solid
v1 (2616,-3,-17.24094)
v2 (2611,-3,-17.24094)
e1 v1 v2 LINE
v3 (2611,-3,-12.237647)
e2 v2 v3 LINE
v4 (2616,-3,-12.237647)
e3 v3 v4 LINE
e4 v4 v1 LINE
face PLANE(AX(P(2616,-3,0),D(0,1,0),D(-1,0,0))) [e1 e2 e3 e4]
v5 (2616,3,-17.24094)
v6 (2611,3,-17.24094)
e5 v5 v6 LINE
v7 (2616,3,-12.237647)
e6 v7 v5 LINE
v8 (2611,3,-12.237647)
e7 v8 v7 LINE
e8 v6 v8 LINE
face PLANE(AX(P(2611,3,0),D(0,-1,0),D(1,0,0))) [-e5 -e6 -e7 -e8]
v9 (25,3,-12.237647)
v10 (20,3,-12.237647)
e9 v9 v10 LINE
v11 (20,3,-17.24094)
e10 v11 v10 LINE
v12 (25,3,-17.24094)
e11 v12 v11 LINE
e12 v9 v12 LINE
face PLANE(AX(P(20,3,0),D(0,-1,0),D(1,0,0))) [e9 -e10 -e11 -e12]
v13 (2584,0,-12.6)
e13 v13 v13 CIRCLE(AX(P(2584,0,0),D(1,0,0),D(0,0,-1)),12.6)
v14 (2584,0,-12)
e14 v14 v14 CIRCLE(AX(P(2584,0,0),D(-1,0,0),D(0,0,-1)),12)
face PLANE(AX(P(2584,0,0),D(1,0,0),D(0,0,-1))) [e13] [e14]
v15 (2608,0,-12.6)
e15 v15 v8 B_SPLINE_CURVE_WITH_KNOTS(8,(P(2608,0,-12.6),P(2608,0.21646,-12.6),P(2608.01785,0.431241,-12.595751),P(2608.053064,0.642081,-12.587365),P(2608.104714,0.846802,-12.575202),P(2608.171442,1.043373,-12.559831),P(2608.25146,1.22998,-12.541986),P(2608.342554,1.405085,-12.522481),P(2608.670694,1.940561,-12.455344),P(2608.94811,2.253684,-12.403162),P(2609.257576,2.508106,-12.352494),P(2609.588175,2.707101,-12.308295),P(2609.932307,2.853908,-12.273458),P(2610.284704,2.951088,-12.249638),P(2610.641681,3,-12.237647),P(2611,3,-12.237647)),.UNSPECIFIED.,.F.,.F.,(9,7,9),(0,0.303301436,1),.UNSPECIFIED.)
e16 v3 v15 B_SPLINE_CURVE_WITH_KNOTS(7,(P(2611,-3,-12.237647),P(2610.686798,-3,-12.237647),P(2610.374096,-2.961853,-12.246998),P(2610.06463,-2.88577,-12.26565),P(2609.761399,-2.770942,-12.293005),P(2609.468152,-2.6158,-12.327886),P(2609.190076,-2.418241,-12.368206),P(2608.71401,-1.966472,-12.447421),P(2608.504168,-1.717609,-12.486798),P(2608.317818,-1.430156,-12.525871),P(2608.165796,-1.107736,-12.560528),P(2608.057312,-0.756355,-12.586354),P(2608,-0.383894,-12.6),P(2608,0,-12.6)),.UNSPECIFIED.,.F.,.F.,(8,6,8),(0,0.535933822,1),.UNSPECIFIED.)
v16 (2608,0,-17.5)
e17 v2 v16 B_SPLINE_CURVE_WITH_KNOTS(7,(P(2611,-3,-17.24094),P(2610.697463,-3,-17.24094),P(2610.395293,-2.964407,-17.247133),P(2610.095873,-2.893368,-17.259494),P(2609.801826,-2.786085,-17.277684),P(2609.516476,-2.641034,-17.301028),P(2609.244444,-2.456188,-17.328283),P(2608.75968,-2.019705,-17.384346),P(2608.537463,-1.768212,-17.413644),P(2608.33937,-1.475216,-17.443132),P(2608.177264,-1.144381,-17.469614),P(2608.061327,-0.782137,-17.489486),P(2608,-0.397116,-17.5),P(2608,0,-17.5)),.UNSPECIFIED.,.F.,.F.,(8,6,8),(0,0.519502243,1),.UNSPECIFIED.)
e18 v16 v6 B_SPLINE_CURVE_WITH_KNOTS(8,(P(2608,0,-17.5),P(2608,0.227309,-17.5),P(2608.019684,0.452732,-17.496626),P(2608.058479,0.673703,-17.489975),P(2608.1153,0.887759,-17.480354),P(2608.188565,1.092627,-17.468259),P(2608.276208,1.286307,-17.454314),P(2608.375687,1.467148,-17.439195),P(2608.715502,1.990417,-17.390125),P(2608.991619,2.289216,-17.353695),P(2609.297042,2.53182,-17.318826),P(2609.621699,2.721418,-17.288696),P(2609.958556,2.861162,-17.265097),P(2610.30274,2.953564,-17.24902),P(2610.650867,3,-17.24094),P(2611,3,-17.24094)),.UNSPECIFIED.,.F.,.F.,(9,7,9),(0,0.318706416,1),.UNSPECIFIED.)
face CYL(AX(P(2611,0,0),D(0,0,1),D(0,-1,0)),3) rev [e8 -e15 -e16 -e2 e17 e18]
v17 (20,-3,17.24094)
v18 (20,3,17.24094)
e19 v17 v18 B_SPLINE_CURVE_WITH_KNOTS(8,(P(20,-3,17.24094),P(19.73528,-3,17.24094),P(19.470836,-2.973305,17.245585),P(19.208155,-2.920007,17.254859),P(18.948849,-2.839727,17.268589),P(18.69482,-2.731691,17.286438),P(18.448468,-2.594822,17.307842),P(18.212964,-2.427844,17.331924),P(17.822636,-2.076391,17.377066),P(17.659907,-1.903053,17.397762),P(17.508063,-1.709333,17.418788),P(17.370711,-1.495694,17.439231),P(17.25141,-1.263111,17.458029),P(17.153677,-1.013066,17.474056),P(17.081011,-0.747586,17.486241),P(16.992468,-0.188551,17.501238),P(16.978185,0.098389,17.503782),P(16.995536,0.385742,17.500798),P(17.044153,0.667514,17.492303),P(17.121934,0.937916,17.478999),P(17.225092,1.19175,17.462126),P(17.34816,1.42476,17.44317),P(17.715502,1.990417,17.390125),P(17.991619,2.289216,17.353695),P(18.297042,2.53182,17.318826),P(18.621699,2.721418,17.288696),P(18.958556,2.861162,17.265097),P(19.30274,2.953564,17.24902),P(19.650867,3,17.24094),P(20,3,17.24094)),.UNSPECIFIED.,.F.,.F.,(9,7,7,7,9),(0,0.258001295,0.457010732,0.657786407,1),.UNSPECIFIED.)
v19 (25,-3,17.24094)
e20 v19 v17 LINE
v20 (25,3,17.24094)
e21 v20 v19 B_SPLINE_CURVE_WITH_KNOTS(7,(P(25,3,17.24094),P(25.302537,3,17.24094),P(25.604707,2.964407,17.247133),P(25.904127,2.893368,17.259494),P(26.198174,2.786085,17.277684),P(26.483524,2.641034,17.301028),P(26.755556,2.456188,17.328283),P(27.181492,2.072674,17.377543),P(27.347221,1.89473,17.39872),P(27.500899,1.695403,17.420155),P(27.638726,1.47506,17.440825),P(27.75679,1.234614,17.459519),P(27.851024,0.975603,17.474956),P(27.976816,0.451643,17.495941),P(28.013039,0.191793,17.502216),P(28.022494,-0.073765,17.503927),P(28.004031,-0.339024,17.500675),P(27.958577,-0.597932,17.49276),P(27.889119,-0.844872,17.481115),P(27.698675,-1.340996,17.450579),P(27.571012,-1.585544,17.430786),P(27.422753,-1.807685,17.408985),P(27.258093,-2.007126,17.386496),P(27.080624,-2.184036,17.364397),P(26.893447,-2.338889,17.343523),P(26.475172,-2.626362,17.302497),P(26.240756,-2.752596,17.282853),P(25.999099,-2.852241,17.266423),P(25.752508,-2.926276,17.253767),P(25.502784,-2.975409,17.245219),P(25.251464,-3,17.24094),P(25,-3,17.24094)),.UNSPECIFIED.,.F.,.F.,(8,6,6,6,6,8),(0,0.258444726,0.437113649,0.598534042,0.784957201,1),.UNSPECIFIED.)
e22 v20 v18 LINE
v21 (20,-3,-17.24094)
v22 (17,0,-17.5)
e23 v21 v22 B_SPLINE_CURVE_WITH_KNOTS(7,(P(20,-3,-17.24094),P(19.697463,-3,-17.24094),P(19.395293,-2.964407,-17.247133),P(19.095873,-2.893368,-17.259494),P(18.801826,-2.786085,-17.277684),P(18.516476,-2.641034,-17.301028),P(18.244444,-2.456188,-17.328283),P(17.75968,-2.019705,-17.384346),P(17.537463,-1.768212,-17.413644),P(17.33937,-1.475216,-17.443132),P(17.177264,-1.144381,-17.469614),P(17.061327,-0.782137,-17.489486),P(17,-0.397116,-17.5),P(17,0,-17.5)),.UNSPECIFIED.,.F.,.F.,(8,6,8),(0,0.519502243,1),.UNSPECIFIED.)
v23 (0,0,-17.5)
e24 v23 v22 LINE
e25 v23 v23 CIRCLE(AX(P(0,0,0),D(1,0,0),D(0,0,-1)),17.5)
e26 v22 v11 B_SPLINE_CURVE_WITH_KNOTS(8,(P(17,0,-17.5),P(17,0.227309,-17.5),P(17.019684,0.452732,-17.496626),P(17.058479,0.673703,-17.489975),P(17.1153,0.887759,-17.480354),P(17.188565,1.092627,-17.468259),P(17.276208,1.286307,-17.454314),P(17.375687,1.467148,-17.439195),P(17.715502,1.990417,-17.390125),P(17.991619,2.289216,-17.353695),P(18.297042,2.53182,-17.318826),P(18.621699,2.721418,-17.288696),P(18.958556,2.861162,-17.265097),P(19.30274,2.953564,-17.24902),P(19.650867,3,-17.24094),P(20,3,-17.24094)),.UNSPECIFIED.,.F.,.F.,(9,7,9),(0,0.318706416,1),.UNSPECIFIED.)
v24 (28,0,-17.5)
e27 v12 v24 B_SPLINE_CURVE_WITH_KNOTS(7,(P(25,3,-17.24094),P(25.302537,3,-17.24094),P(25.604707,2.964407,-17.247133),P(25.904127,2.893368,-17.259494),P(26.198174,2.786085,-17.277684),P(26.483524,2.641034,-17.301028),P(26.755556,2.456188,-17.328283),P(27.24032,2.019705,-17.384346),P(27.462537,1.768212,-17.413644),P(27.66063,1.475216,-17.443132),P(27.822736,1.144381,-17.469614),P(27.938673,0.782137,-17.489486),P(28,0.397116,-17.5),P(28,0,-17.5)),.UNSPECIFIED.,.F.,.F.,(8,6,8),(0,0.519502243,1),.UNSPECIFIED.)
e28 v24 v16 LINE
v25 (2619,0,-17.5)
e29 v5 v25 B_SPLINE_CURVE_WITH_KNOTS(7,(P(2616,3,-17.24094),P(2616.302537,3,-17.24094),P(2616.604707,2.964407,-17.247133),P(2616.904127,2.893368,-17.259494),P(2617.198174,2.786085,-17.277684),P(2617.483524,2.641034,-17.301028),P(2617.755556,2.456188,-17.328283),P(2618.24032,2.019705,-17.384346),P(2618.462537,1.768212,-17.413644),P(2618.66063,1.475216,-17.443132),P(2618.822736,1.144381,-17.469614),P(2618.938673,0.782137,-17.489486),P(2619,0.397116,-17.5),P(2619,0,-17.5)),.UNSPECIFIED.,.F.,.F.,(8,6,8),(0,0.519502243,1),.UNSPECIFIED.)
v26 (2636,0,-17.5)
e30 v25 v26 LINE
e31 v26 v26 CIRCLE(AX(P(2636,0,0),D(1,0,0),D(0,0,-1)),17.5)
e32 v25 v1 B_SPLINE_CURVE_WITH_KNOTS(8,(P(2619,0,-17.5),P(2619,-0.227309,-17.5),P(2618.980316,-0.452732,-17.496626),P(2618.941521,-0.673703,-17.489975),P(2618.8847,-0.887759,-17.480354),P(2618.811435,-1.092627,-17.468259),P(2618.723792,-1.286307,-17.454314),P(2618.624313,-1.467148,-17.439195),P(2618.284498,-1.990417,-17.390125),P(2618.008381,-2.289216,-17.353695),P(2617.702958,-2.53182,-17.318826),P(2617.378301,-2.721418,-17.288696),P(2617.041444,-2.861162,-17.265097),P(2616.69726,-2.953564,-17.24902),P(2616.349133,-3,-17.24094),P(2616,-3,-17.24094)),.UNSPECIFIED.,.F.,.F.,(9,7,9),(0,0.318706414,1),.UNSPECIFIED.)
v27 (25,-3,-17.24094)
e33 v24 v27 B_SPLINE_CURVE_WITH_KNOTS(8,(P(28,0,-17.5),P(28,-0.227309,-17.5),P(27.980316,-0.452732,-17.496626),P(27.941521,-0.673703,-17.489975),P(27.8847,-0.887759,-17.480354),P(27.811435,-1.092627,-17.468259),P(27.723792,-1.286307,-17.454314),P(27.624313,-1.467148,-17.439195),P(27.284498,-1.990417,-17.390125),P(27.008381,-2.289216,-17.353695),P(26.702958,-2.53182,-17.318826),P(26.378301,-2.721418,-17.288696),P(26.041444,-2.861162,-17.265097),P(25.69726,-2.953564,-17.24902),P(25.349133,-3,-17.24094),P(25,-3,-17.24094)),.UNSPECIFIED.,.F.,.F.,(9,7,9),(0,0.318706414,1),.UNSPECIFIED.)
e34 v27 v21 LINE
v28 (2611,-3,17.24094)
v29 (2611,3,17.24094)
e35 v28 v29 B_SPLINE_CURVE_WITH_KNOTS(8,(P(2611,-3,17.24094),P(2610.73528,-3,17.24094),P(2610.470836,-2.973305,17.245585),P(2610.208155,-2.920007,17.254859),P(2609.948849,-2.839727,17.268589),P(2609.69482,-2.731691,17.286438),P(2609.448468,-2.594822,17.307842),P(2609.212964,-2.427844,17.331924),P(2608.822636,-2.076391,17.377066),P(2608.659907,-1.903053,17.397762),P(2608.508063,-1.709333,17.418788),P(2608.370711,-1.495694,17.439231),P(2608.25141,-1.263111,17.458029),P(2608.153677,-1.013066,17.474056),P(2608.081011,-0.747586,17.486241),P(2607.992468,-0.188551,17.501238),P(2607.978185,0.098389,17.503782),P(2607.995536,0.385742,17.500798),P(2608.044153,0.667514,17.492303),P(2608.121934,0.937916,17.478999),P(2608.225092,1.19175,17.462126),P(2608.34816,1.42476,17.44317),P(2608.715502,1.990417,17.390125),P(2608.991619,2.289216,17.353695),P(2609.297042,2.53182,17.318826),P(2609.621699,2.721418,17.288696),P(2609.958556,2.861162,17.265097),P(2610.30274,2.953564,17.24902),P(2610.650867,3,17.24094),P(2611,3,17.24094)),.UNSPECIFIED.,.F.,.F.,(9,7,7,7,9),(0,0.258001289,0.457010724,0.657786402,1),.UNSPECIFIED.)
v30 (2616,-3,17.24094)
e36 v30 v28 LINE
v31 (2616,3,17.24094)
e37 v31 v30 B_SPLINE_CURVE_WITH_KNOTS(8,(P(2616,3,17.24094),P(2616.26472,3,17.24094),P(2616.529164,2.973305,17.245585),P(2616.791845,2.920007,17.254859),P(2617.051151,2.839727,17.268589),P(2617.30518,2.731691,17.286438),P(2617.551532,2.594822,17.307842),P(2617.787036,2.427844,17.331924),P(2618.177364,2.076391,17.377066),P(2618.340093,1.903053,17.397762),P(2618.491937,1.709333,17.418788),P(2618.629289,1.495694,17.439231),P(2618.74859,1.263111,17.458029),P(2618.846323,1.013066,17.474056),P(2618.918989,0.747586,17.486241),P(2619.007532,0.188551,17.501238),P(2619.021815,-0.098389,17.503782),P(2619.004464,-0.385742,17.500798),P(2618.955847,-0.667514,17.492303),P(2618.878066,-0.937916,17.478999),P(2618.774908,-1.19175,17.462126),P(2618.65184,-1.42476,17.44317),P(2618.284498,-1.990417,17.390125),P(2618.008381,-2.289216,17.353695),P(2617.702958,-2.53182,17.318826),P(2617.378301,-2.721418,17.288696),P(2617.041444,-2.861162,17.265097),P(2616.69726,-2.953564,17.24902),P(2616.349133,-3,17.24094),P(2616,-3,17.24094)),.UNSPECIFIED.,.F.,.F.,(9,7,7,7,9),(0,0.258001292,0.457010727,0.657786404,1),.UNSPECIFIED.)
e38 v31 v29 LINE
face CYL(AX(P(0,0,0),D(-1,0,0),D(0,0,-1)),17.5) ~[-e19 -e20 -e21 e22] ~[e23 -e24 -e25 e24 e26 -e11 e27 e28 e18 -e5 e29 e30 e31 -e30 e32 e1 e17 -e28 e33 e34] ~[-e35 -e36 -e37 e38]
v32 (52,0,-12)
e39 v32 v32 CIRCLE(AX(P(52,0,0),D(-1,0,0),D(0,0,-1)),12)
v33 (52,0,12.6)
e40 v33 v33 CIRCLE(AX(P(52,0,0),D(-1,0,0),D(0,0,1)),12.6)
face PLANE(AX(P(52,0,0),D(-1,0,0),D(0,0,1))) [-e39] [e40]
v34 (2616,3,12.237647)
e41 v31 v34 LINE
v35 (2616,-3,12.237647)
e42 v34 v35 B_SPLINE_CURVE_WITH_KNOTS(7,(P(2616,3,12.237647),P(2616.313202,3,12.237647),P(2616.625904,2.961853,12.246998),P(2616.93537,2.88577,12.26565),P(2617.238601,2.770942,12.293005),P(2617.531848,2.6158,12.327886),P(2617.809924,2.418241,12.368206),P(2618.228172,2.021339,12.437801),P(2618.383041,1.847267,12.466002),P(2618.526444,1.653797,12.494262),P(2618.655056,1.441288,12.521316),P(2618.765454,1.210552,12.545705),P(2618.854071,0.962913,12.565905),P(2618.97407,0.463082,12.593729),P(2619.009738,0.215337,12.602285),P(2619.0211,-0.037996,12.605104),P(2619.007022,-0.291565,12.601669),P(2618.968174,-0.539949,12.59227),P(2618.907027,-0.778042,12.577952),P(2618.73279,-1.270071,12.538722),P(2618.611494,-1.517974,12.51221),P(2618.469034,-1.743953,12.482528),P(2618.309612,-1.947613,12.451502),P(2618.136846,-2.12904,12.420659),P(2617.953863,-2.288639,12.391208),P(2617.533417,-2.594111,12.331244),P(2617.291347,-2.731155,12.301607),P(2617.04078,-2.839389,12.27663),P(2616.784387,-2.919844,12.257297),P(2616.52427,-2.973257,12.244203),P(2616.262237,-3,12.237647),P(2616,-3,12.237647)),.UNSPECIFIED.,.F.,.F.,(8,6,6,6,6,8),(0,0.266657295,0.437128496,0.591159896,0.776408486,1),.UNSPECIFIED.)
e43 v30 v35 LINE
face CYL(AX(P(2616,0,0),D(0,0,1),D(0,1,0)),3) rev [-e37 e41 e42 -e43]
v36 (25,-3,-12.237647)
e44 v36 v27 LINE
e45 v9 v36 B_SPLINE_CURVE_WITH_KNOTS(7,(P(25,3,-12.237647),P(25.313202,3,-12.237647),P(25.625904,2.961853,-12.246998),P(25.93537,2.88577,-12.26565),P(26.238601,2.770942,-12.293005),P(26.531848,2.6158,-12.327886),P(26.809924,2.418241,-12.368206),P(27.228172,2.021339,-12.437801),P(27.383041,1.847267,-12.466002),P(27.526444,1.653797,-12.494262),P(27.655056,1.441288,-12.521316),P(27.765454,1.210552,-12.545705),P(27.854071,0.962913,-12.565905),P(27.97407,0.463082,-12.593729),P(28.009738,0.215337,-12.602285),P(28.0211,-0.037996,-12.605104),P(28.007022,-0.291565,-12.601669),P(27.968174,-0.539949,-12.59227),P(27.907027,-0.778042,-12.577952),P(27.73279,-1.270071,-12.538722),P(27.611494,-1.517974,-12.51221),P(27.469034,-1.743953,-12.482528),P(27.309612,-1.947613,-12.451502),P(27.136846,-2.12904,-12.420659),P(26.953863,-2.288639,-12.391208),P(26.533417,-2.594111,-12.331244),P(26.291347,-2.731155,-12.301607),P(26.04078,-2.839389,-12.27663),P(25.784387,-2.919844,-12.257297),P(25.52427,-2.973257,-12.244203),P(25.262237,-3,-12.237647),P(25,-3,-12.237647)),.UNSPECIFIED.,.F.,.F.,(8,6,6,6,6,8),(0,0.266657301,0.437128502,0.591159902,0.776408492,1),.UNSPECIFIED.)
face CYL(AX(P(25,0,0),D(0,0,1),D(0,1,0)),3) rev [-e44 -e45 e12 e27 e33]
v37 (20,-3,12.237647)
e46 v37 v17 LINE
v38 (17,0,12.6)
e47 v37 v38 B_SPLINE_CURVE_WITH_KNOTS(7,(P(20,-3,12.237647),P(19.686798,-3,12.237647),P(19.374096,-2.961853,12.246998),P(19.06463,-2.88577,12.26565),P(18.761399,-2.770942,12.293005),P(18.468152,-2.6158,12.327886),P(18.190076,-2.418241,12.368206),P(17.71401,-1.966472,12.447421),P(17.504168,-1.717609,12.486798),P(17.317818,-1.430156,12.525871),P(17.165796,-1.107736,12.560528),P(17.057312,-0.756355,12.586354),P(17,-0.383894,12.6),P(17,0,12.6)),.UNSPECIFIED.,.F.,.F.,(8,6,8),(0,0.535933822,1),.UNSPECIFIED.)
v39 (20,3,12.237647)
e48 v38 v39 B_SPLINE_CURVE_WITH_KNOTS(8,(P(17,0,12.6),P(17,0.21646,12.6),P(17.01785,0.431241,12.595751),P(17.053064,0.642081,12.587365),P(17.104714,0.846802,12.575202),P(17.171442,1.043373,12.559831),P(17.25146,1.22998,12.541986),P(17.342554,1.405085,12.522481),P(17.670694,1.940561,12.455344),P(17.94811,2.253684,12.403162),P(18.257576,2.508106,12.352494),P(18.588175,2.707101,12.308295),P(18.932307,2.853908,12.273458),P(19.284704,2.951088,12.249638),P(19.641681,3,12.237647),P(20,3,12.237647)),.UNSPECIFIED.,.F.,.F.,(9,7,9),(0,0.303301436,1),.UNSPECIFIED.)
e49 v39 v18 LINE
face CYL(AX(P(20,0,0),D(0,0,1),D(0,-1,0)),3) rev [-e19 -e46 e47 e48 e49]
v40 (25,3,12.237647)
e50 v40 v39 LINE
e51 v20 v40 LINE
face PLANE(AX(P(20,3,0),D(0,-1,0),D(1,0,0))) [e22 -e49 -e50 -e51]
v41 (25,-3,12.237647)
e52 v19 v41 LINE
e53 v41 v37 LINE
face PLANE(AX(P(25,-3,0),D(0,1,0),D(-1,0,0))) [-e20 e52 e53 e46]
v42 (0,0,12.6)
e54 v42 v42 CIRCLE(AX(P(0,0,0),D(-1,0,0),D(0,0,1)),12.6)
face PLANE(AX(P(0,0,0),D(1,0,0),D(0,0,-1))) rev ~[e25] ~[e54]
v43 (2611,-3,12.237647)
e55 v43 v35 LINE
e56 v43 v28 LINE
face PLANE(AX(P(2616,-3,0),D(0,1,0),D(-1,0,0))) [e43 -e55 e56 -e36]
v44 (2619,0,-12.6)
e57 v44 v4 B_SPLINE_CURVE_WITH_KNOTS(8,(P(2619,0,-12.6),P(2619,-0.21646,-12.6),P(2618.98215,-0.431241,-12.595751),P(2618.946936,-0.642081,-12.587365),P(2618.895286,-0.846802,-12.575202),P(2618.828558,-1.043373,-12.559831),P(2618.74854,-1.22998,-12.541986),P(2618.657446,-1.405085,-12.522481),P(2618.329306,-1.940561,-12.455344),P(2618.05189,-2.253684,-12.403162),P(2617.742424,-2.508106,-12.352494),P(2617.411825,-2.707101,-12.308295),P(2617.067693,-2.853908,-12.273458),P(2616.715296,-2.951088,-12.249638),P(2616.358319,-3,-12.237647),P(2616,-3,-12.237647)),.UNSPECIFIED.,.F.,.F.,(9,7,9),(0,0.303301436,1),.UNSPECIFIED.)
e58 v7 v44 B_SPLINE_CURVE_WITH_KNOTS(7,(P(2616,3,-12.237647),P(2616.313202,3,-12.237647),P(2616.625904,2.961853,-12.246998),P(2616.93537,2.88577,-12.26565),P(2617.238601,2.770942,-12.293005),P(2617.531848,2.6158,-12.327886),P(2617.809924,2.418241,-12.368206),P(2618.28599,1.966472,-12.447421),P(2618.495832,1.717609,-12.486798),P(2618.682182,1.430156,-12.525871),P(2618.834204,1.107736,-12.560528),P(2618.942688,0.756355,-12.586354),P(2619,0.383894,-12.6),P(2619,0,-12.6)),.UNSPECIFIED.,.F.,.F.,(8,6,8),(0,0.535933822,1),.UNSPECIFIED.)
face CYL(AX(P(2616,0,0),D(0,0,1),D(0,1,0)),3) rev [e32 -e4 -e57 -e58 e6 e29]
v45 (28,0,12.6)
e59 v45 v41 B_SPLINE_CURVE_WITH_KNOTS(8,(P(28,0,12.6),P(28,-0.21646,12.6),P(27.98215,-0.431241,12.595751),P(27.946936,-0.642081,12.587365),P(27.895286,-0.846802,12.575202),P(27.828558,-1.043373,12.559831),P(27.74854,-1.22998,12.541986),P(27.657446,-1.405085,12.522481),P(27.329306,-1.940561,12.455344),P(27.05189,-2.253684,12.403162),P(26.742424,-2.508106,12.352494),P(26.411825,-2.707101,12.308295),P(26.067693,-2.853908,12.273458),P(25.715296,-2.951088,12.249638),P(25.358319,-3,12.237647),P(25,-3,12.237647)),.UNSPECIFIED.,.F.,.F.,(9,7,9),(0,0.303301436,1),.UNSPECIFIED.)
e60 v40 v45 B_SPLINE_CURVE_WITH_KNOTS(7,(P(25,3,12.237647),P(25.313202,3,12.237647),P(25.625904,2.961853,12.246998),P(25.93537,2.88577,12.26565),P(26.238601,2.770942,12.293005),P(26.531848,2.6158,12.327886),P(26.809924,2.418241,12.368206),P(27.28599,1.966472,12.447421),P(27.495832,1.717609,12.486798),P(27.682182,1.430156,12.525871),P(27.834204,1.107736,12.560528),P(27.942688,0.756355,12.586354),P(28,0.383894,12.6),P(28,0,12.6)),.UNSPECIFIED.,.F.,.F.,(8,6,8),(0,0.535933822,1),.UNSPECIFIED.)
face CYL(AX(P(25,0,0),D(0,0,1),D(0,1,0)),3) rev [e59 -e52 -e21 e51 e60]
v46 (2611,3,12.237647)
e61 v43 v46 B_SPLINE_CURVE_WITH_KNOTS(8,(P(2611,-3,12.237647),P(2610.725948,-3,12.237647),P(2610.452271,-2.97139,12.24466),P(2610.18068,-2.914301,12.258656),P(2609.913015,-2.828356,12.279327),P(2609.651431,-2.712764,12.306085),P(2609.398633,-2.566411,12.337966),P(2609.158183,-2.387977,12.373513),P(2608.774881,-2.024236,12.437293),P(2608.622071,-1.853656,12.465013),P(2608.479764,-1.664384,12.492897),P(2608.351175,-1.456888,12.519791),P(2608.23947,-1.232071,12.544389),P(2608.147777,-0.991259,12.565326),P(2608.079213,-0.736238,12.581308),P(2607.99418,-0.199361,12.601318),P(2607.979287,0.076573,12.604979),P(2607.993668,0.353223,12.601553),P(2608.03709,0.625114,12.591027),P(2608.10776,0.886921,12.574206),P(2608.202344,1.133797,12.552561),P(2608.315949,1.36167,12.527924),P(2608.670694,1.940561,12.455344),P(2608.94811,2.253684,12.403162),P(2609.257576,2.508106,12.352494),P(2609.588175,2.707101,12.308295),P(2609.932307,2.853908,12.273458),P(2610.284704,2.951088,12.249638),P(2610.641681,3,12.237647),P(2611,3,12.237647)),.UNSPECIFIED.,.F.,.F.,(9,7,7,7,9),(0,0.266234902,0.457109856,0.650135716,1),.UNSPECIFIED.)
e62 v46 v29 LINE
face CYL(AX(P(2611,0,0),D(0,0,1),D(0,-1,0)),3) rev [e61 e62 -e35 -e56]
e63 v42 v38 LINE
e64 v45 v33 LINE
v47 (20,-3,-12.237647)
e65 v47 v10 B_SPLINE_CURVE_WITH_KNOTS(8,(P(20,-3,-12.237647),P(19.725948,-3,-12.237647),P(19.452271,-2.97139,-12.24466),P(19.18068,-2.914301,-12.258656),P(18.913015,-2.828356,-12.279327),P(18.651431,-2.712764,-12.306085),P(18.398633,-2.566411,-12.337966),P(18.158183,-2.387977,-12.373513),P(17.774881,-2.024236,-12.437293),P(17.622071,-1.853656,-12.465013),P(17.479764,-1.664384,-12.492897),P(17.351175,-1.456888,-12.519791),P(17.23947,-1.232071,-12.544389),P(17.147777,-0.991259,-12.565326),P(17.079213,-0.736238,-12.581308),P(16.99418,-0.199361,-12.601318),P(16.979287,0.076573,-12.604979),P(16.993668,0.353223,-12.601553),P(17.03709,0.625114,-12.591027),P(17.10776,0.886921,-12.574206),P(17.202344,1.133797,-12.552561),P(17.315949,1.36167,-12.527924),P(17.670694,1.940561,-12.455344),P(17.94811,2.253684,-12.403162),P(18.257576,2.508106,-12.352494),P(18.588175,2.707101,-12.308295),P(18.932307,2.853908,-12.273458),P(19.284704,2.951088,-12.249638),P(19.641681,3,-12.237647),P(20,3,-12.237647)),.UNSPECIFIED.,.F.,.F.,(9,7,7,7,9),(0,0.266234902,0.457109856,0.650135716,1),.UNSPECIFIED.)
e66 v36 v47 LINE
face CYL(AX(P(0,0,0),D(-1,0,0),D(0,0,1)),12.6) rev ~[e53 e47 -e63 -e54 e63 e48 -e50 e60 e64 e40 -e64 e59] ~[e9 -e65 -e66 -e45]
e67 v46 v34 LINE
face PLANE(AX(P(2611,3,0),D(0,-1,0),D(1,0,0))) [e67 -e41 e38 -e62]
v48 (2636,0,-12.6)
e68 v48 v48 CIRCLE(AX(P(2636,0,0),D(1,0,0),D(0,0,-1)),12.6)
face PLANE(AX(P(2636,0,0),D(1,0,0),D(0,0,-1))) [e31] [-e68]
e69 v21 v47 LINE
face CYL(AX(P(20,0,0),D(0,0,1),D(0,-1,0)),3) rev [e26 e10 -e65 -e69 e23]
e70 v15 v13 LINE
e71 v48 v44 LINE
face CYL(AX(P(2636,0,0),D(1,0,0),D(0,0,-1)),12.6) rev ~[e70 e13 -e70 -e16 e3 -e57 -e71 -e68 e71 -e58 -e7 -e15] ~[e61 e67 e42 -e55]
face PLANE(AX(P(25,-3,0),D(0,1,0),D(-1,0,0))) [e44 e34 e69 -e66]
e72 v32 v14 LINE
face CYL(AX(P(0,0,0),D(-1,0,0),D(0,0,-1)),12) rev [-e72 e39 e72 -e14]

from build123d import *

# Parameters (mm, degrees)
SKETCH_1_R          = 17.5
SKETCH_1_R_2        = 12
EXTRUDE_1_DEPTH     = 2636
SKETCH_2_R          = 12.6
CUT_EXTRUDE_1_DEPTH = 52
SKETCH_3_R          = 12.6
CUT_EXTRUDE_2_DEPTH = 52
CUT_EXTRUDE_3_DEPTH = 20
CUT_EXTRUDE_4_DEPTH = 20


with BuildPart() as part:
    # 草图1 → 凸台-拉伸1 (new body)
    with BuildSketch(Plane(origin=(0, 0, 0), x_dir=(0, 0, -1), z_dir=(1, 0, 0))):
        Circle(SKETCH_1_R)
        Circle(SKETCH_1_R_2, mode=Mode.SUBTRACT)
    extrude(amount=EXTRUDE_1_DEPTH)

    # 草图2 → 切除-拉伸1 (cut)
    with BuildSketch(Plane.ZY):
        Circle(SKETCH_2_R)
    extrude(amount=-CUT_EXTRUDE_1_DEPTH, mode=Mode.SUBTRACT)

    # 草图3 → 切除-拉伸2 (cut)
    with BuildSketch(Plane(origin=(2636, 0, 0), x_dir=(0, 0, -1), z_dir=(1, 0, 0))):
        Circle(SKETCH_3_R)
    extrude(amount=-CUT_EXTRUDE_2_DEPTH, mode=Mode.SUBTRACT)

    # 草图4 → 切除-拉伸3 (cut, symmetric)
    with BuildSketch(Plane.XY):
        with BuildLine():
            Line((20, 3), (25, 3))
            ThreePointArc((25, 3), (28, 0), (25, -3))
            Line((25, -3), (20, -3))
            ThreePointArc((20, -3), (17, 0), (20, 3))
        make_face()
    extrude(amount=CUT_EXTRUDE_3_DEPTH, both=True, mode=Mode.SUBTRACT)

    # 草图5 → 切除-拉伸4 (cut, symmetric)
    with BuildSketch(Plane.XY):
        with BuildLine():
            Line((2611, 3), (2616, 3))
            ThreePointArc((2616, 3), (2619, 0), (2616, -3))
            Line((2616, -3), (2611, -3))
            ThreePointArc((2611, -3), (2608, 0), (2611, 3))
        make_face()
    extrude(amount=CUT_EXTRUDE_4_DEPTH, both=True, mode=Mode.SUBTRACT)


solid = part.part
